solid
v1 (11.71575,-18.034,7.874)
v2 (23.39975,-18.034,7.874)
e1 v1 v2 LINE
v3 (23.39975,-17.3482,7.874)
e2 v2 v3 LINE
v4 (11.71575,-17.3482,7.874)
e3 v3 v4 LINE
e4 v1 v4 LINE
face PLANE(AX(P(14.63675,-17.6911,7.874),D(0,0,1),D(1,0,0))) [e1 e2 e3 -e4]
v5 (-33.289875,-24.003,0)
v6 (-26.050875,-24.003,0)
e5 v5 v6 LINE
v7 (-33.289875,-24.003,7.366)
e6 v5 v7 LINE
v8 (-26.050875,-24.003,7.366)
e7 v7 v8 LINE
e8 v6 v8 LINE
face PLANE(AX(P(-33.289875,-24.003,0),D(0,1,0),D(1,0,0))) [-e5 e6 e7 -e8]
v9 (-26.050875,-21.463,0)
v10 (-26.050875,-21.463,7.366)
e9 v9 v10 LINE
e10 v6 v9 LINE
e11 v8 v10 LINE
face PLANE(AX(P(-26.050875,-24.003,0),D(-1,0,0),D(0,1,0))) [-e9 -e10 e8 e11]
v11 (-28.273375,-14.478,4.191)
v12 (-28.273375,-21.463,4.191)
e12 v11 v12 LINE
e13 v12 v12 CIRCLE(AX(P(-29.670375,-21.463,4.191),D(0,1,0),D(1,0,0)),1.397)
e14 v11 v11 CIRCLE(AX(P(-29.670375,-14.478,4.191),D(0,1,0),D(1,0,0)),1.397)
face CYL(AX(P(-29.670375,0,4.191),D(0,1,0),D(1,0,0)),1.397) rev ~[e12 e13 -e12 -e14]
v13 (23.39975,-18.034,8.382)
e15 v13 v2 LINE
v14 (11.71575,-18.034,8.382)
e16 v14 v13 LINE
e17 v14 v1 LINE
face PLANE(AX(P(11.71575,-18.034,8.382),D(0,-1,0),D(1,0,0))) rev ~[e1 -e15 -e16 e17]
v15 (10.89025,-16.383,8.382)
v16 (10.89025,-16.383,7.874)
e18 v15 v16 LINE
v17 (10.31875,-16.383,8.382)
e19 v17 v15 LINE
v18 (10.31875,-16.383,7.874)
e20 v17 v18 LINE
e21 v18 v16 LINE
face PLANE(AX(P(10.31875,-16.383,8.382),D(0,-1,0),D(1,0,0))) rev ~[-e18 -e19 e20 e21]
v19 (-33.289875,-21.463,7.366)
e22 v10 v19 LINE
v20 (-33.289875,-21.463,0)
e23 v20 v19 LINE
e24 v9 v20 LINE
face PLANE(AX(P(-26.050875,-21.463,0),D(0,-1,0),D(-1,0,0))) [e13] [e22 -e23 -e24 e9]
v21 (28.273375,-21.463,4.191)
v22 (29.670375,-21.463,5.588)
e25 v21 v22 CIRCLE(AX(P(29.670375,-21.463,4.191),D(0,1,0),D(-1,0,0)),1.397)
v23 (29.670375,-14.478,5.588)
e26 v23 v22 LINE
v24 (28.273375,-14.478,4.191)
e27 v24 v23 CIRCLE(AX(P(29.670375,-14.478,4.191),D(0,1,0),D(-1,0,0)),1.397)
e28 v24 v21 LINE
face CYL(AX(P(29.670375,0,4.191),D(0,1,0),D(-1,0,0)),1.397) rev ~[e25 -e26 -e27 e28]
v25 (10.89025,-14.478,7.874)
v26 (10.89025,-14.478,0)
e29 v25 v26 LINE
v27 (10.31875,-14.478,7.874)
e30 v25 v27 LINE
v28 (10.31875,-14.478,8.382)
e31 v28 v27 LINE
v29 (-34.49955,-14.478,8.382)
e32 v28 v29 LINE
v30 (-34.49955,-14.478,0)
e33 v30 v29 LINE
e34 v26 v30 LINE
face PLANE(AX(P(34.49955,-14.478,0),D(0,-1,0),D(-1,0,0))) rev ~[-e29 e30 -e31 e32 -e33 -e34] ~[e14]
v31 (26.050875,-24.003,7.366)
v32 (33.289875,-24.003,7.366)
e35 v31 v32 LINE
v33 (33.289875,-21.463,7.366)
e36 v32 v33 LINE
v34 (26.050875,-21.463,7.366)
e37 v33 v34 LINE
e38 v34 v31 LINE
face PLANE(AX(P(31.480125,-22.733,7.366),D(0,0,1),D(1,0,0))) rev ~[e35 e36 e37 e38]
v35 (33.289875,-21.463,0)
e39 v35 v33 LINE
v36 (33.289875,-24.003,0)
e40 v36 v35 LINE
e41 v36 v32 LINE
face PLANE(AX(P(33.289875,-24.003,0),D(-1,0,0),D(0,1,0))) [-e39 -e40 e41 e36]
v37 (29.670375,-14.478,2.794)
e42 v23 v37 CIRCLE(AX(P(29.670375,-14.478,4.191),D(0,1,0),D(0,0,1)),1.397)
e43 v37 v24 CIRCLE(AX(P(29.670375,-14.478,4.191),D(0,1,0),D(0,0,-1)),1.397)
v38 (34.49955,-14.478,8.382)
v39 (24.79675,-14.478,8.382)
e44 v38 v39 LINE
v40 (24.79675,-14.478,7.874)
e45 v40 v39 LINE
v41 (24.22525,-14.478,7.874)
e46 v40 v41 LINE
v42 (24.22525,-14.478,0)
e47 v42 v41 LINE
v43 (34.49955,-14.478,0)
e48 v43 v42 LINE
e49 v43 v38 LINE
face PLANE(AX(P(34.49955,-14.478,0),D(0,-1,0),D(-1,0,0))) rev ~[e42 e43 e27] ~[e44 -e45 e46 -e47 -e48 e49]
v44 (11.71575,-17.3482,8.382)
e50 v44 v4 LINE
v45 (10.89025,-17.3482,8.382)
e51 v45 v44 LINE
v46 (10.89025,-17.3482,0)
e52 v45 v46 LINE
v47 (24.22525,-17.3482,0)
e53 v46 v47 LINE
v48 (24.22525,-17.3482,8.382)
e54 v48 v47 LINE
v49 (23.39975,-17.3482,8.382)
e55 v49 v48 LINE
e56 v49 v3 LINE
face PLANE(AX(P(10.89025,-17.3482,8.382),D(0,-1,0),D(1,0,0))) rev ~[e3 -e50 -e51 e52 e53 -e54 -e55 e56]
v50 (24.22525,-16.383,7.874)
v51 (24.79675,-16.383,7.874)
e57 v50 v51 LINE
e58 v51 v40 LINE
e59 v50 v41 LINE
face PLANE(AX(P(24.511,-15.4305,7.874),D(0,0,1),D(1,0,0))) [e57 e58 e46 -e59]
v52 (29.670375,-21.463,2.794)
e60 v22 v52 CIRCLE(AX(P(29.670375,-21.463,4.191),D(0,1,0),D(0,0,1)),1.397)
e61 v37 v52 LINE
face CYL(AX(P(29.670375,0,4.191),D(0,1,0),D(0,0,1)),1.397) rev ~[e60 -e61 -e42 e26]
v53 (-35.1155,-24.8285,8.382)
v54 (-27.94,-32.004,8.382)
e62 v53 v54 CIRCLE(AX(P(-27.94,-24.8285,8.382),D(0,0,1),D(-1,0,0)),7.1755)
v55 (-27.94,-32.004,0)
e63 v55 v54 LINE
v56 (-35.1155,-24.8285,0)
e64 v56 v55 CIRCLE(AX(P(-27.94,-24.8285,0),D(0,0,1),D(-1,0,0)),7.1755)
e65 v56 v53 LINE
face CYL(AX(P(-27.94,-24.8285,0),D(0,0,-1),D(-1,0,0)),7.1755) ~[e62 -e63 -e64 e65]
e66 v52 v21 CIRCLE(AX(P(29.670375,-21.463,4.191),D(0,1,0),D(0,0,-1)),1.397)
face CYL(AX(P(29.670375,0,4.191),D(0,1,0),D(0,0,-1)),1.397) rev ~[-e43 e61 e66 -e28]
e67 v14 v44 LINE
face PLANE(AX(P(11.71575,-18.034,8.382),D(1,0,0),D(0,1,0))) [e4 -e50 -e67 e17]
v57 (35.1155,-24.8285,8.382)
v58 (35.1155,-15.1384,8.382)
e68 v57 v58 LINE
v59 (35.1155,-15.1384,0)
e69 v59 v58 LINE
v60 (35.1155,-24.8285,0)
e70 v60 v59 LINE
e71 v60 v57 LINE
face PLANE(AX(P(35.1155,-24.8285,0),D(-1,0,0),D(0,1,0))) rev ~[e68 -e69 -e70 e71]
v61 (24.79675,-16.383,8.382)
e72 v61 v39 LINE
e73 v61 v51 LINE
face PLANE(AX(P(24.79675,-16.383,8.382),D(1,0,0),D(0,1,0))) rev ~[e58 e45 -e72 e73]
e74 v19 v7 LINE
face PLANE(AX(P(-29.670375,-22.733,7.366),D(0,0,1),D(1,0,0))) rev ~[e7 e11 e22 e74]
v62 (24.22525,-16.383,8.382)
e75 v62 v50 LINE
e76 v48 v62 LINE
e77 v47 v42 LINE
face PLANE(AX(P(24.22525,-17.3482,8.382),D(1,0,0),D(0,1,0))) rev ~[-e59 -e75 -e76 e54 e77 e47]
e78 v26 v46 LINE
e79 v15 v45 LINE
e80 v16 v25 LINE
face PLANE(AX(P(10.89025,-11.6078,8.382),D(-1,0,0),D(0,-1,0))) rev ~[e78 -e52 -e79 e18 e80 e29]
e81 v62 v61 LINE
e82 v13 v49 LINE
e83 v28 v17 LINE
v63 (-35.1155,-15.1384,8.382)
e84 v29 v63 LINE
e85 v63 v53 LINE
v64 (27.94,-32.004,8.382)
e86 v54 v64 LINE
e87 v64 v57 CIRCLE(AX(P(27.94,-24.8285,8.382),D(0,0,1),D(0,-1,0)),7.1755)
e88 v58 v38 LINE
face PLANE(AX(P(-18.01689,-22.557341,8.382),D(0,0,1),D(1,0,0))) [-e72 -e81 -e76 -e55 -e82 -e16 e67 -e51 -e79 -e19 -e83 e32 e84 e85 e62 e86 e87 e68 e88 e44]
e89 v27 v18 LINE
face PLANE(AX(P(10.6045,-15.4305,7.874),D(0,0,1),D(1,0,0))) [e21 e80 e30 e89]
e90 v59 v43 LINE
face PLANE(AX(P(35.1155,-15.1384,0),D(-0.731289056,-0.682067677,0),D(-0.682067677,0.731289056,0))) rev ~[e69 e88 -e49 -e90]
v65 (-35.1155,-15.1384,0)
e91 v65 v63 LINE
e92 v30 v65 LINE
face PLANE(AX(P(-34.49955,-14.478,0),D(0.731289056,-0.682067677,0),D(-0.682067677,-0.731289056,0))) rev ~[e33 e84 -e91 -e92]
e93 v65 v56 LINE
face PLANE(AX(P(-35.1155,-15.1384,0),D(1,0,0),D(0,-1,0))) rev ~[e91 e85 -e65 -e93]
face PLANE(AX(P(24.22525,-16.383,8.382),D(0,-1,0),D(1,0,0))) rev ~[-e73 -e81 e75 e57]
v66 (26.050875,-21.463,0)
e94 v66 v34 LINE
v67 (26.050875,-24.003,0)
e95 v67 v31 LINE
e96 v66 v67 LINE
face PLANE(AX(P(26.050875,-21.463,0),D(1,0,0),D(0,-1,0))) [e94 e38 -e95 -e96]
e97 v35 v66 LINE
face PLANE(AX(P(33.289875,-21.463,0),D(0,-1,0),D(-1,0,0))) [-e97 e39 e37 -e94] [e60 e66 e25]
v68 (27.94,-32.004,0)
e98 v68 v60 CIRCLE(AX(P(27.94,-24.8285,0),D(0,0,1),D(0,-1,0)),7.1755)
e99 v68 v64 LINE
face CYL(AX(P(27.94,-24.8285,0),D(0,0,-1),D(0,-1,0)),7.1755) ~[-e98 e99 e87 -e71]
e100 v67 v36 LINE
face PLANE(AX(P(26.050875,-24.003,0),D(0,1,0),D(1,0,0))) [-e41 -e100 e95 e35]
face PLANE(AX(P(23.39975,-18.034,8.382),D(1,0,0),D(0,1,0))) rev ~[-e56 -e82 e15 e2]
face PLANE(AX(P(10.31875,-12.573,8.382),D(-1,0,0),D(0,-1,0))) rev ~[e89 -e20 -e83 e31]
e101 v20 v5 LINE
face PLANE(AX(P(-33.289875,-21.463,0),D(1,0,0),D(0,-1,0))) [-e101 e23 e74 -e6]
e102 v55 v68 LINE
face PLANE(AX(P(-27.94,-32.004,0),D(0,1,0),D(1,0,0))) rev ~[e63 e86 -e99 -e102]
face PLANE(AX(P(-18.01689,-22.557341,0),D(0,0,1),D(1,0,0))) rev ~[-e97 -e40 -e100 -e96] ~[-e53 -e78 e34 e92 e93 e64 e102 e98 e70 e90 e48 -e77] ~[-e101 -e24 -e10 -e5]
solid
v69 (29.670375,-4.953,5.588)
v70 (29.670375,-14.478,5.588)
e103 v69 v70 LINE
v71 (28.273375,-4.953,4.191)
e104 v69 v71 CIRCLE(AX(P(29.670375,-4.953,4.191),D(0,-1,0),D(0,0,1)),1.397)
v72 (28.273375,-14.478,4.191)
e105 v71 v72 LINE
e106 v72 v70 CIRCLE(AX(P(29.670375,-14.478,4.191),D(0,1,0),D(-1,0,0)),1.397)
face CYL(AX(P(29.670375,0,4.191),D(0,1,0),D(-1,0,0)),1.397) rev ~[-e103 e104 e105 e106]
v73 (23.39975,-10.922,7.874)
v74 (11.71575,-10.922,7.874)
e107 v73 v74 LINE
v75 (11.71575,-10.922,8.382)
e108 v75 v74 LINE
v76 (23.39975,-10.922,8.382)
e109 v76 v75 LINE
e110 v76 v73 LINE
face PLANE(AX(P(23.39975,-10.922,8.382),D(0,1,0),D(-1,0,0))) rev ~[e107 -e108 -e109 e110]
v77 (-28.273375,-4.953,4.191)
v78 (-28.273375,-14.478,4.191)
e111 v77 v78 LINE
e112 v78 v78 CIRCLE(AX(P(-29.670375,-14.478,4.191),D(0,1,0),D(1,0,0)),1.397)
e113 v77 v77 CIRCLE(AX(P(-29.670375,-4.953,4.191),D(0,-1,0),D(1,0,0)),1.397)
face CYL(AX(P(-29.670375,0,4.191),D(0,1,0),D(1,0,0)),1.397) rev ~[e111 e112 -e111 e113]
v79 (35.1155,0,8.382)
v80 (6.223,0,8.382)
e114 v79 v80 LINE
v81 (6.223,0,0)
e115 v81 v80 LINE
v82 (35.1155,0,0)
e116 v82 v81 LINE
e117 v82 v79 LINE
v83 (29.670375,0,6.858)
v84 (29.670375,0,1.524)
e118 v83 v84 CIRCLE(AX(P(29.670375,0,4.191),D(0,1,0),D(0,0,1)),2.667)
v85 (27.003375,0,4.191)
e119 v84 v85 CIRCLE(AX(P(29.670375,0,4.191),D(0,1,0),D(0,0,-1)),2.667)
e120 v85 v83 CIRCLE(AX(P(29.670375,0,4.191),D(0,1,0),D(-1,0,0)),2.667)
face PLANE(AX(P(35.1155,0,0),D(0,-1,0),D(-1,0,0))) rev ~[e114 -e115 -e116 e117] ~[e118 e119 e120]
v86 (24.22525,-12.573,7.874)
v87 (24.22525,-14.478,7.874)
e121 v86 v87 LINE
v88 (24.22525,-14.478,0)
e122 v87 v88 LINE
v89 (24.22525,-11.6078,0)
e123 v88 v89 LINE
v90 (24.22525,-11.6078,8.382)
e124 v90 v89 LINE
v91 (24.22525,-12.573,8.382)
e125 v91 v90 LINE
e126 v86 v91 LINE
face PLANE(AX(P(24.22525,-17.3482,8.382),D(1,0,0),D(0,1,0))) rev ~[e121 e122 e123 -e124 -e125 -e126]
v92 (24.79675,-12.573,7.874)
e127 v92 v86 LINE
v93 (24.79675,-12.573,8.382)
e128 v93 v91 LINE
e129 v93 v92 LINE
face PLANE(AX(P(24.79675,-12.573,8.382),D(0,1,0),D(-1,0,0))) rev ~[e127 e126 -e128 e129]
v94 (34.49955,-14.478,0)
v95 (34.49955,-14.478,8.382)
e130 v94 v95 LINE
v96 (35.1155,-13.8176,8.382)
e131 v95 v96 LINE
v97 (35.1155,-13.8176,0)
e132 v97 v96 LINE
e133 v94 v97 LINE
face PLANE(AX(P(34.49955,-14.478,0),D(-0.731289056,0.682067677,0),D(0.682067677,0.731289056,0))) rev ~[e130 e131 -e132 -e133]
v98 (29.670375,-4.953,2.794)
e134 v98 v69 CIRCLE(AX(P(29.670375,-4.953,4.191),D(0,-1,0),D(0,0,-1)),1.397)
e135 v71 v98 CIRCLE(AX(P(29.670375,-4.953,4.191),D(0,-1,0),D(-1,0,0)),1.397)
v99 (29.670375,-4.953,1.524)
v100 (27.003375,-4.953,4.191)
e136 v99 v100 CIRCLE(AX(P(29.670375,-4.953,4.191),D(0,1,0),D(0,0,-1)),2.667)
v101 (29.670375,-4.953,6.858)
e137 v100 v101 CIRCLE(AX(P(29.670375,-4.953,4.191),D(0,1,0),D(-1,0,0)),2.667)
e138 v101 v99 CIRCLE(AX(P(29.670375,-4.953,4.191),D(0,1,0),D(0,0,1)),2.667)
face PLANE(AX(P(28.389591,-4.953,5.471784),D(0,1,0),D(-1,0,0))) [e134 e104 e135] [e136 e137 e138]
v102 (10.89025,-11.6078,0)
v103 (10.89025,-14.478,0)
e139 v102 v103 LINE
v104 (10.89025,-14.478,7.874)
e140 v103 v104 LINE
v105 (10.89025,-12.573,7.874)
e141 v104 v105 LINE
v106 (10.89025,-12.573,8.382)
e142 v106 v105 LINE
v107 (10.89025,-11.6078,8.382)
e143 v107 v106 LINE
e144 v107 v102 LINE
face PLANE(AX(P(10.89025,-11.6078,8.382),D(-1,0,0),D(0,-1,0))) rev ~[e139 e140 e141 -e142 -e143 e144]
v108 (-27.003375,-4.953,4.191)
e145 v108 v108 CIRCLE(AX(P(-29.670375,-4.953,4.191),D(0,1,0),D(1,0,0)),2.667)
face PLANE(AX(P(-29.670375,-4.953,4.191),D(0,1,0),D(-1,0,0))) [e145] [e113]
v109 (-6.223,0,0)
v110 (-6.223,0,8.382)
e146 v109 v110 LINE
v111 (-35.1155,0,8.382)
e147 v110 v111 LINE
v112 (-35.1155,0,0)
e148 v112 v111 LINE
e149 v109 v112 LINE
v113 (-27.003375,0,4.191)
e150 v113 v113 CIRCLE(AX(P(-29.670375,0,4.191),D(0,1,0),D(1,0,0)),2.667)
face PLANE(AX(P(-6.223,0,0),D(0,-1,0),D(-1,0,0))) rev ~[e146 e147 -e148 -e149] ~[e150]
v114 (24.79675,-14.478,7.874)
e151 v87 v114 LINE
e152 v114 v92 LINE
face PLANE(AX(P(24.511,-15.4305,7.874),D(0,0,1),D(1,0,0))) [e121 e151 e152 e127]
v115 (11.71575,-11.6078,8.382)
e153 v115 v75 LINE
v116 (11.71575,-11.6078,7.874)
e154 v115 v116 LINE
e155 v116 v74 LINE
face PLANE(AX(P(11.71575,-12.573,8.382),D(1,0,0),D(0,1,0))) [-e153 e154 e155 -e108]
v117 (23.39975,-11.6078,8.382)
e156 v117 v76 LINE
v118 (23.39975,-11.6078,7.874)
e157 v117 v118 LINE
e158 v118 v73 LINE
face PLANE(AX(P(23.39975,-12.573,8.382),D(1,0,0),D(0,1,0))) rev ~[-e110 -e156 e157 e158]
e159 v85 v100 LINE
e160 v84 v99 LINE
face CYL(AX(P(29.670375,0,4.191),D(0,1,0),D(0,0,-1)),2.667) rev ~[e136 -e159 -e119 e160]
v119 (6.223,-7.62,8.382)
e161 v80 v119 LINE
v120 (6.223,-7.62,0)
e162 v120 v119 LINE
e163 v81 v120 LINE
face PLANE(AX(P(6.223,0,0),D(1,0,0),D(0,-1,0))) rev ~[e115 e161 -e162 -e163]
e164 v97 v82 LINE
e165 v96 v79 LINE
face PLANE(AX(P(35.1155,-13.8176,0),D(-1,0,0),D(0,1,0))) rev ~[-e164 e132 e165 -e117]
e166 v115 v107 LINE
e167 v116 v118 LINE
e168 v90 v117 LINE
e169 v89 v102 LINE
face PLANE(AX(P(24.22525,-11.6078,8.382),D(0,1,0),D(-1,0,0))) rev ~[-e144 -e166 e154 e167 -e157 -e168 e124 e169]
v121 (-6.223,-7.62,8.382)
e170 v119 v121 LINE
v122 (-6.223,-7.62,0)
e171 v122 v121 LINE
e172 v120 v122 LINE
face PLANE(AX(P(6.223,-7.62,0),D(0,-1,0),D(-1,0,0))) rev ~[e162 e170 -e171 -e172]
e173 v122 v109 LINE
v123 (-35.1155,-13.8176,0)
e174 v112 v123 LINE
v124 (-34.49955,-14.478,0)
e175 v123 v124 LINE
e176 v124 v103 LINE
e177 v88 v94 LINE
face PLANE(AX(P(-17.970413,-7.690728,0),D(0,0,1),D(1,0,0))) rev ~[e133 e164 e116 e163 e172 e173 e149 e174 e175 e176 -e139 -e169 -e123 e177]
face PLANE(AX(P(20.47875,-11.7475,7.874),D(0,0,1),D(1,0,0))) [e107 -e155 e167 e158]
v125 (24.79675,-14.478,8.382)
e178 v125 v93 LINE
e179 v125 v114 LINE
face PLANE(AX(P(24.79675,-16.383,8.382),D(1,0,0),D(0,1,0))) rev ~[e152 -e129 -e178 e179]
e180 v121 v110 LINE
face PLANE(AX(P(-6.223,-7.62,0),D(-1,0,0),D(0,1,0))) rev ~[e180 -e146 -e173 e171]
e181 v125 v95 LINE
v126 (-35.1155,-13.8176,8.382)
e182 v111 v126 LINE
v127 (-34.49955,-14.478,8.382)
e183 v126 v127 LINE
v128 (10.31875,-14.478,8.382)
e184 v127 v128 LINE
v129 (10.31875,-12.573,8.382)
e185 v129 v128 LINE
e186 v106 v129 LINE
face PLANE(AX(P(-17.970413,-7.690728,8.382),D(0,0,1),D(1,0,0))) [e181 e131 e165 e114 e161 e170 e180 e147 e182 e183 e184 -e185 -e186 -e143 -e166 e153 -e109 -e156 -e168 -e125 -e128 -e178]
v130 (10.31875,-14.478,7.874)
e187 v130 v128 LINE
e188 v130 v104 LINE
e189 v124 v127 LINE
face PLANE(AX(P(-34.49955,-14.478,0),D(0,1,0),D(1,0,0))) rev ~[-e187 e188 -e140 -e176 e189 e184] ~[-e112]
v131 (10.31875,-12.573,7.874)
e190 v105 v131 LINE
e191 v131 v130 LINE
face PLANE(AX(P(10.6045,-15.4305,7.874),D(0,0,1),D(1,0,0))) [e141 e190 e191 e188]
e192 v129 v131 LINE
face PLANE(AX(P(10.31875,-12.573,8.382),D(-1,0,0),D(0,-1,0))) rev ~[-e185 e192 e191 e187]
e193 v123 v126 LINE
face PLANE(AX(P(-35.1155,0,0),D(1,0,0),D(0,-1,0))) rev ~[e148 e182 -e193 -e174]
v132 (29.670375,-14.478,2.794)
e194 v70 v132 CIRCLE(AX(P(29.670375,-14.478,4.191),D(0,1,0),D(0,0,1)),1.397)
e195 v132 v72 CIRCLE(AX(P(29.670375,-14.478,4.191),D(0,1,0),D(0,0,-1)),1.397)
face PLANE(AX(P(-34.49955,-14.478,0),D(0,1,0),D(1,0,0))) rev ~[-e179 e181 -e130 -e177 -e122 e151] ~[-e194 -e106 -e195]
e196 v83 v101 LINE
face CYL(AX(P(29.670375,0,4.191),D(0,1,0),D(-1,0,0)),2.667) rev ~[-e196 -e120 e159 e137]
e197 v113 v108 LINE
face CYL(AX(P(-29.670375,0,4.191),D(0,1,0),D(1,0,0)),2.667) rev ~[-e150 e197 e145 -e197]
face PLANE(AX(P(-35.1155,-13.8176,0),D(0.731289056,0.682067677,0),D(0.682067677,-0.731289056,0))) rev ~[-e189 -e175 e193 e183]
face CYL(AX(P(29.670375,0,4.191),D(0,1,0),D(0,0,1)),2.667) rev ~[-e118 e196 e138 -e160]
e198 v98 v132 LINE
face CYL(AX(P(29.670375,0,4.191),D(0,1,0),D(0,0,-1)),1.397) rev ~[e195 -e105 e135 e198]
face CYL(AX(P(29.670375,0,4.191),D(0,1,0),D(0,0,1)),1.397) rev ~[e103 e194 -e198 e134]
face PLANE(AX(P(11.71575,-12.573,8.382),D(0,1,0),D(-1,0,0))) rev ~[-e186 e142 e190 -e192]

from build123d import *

# Parameters (mm, degrees)
F1_DEPTH  = 8.382
F2_DEPTH  = 8.382
F3_W      = 6.6675
F3_H      = 2.8702
F4_DEPTH  = 25.4
F5_W      = 3.6195
F5_H      = 1.27
F6_DEPTH  = 7.366
F8_DEPTH  = 24.003
F9_DEPTH  = 4.953
F10_W     = 0.5715
F10_H     = 1.905
F10_W_2   = 5.842
F10_H_2   = 1.651
F10_H_3   = 0.6858
F11_DEPTH = 0.508


with BuildPart() as f1:
    # F0 (on Top) → F1 (new body)
    with BuildSketch(Plane.XY):
        Polygon((-6.223, -7.62), (-6.223, 0), (-35.1155, 0), (-35.1155, -13.8176), (-34.49955, -14.478), (0, -14.478), (0, -7.62), align=None)
        Polygon((35.1155, 0), (6.223, 0), (6.223, -7.62), (0, -7.62), (0, -14.478), (34.49955, -14.478), (35.1155, -13.8176), align=None)
    extrude(amount=F1_DEPTH)


with BuildPart() as f2:
    # F0 (on Top) → F2 (new body)
    with BuildSketch(Plane.XY):
        with BuildLine():
            Line((0, -32.004), (0, -14.478))
            Line((0, -14.478), (-34.49955, -14.478))
            Line((-34.49955, -14.478), (-35.1155, -15.1384))
            Line((-35.1155, -15.1384), (-35.1155, -24.8285))
            ThreePointArc((-35.1155, -24.8285), (-27.94, -17.653), (-20.7645, -24.8285))
            ThreePointArc((-20.7645, -24.8285), (-22.8661552916, -29.9023447084), (-27.94, -32.004))
            Line((-27.94, -32.004), (0, -32.004))
        make_face()
        with BuildLine():
            ThreePointArc((-35.1155, -24.8285), (-33.0138447084, -29.9023447084), (-27.94, -32.004))
            ThreePointArc((-27.94, -32.004), (-22.8661552916, -29.9023447084), (-20.7645, -24.8285))
            ThreePointArc((-20.7645, -24.8285), (-27.94, -17.653), (-35.1155, -24.8285))
        make_face()
        with BuildLine():
            Line((34.49955, -14.478), (0, -14.478))
            Line((0, -14.478), (0, -32.004))
            Line((0, -32.004), (27.94, -32.004))
            ThreePointArc((27.94, -32.004), (22.8661552916, -19.7546552916), (35.1155, -24.8285))
            Line((35.1155, -24.8285), (35.1155, -15.1384))
            Line((35.1155, -15.1384), (34.49955, -14.478))
        make_face()
        with BuildLine():
            ThreePointArc((35.1155, -24.8285), (22.8661552916, -19.7546552916), (27.94, -32.004))
            ThreePointArc((27.94, -32.004), (33.0138447084, -29.9023447084), (35.1155, -24.8285))
        make_face()
    extrude(amount=F2_DEPTH)


with BuildPart() as f4_tool:
    # F3 (on face) → F4 (new body)
    with BuildSketch(Plane.XY.offset(8.382)):
        with Locations((14.224, -13.0429)):
            Rectangle(F3_W, F3_H)
        with Locations((20.8915, -13.0429)):
            Rectangle(F3_W, F3_H)
        Polygon((17.55775, -14.478), (10.89025, -14.478), (10.89025, -17.3482), (24.22525, -17.3482), (24.22525, -14.478), align=None)
    extrude(amount=-F4_DEPTH)


with BuildPart() as f1_1:
    add(f1.part)

    # F4: cut by f4_tool
    add(f4_tool.part, mode=Mode.SUBTRACT)


with BuildPart() as f2_1:
    add(f2.part)

    # F4: cut by f4_tool
    add(f4_tool.part, mode=Mode.SUBTRACT)

    # F5 (on Top) → F6 (cut)
    with BuildSketch(Plane.XY):
        Polygon((33.289875, -21.463), (29.670375, -21.463), (29.670375, -22.733), (29.670375, -24.003), (33.289875, -24.003), align=None)
        with Locations((27.860625, -22.098)):
            Rectangle(F5_W, F5_H)
        with Locations((27.860625, -23.368)):
            Rectangle(F5_W, F5_H)
        Polygon((-26.050875, -24.003), (-26.050875, -22.733), (-26.050875, -21.463), (-33.289875, -21.463), (-33.289875, -24.003), align=None)
    extrude(amount=F6_DEPTH, mode=Mode.SUBTRACT)


with BuildPart() as f8_tool:
    # F7 (on face) → F8 (new body)
    with BuildSketch(Plane(origin=(0, 0, 0), x_dir=(-1, 0, 0), z_dir=(0, 1, 0))):
        with BuildLine():
            Line((-29.670375, 4.191), (-29.670375, 2.794))
            ThreePointArc((-29.670375, 2.794), (-28.6825468267, 3.2031718267), (-28.273375, 4.191))
            Line((-28.273375, 4.191), (-29.670375, 4.191))
        make_face()
        with BuildLine():
            Line((-29.670375, 5.588), (-29.670375, 4.191))
            Line((-29.670375, 4.191), (-28.273375, 4.191))
            ThreePointArc((-28.273375, 4.191), (-28.6825468267, 5.1788281733), (-29.670375, 5.588))
        make_face()
        with BuildLine():
            ThreePointArc((-29.670375, 5.588), (-31.067375, 4.191), (-29.670375, 2.794))
            Line((-29.670375, 2.794), (-29.670375, 4.191))
            Line((-29.670375, 4.191), (-29.670375, 5.588))
        make_face()
        with BuildLine():
            ThreePointArc((31.067375, 4.191), (29.670375, 5.588), (28.273375, 4.191))
            ThreePointArc((28.273375, 4.191), (29.670375, 2.794), (31.067375, 4.191))
        make_face()
    extrude(amount=-F8_DEPTH)


with BuildPart() as f1_2:
    add(f1_1.part)

    # F8: cut by f8_tool
    add(f8_tool.part, mode=Mode.SUBTRACT)

    # F7 (on face) → F9 (cut)
    with BuildSketch(Plane(origin=(0, 0, 0), x_dir=(-1, 0, 0), z_dir=(0, 1, 0))):
        with BuildLine():
            ThreePointArc((-27.003375, 4.191), (-27.7845212146, 6.0768537854), (-29.670375, 6.858))
            Line((-29.670375, 6.858), (-29.670375, 5.588))
            ThreePointArc((-29.670375, 5.588), (-28.6825468267, 5.1788281733), (-28.273375, 4.191))
            Line((-28.273375, 4.191), (-27.003375, 4.191))
        make_face()
        with BuildLine():
            ThreePointArc((-29.670375, 6.858), (-32.337375, 4.191), (-29.670375, 1.524))
            Line((-29.670375, 1.524), (-29.670375, 2.794))
            ThreePointArc((-29.670375, 2.794), (-31.067375, 4.191), (-29.670375, 5.588))
            Line((-29.670375, 5.588), (-29.670375, 6.858))
        make_face()
        with BuildLine():
            Line((-29.670375, 2.794), (-29.670375, 1.524))
            ThreePointArc((-29.670375, 1.524), (-27.7845212146, 2.3051462146), (-27.003375, 4.191))
            Line((-27.003375, 4.191), (-28.273375, 4.191))
            ThreePointArc((-28.273375, 4.191), (-28.6825468267, 3.2031718267), (-29.670375, 2.794))
        make_face()
        with BuildLine():
            ThreePointArc((32.337375, 4.191), (29.670375, 6.858), (27.003375, 4.191))
            ThreePointArc((27.003375, 4.191), (29.670375, 1.524), (32.337375, 4.191))
        make_face()
        with BuildLine():
            ThreePointArc((31.067375, 4.191), (29.670375, 2.794), (28.273375, 4.191))
            ThreePointArc((28.273375, 4.191), (29.670375, 5.588), (31.067375, 4.191))
        make_face(mode=Mode.SUBTRACT)
    extrude(amount=-F9_DEPTH, mode=Mode.SUBTRACT)


with BuildPart() as f2_2:
    add(f2_1.part)

    # F8: cut by f8_tool
    add(f8_tool.part, mode=Mode.SUBTRACT)


with BuildPart() as f11_tool:
    # F10 (on face) → F11 (new body)
    with BuildSketch(Plane.XY.offset(8.382)):
        with Locations((10.6045, -15.4305)):
            Rectangle(F10_W, F10_H)
        with Locations((20.47875, -11.7475)):
            Rectangle(F10_W_2, F10_H_2)
        with Locations((24.511, -15.4305)):
            Rectangle(F10_W, F10_H)
        Polygon((23.39975, -12.573), (23.39975, -14.478), (24.22525, -14.478), (24.79675, -14.478), (24.79675, -12.573), align=None)
        Polygon((10.31875, -14.478), (10.89025, -14.478), (11.71575, -14.478), (11.71575, -12.573), (10.31875, -12.573), align=None)
        with Locations((14.63675, -17.6911)):
            Rectangle(F10_W_2, F10_H_3)
        with Locations((20.47875, -17.6911)):
            Rectangle(F10_W_2, F10_H_3)
        with Locations((14.63675, -11.7475)):
            Rectangle(F10_W_2, F10_H_2)
    extrude(amount=-F11_DEPTH)


with BuildPart() as f1_3:
    add(f1_2.part)

    # F11: cut by f11_tool
    add(f11_tool.part, mode=Mode.SUBTRACT)


with BuildPart() as f2_3:
    add(f2_2.part)

    # F11: cut by f11_tool
    add(f11_tool.part, mode=Mode.SUBTRACT)


solid = Compound([f1_3.part, f2_3.part])
